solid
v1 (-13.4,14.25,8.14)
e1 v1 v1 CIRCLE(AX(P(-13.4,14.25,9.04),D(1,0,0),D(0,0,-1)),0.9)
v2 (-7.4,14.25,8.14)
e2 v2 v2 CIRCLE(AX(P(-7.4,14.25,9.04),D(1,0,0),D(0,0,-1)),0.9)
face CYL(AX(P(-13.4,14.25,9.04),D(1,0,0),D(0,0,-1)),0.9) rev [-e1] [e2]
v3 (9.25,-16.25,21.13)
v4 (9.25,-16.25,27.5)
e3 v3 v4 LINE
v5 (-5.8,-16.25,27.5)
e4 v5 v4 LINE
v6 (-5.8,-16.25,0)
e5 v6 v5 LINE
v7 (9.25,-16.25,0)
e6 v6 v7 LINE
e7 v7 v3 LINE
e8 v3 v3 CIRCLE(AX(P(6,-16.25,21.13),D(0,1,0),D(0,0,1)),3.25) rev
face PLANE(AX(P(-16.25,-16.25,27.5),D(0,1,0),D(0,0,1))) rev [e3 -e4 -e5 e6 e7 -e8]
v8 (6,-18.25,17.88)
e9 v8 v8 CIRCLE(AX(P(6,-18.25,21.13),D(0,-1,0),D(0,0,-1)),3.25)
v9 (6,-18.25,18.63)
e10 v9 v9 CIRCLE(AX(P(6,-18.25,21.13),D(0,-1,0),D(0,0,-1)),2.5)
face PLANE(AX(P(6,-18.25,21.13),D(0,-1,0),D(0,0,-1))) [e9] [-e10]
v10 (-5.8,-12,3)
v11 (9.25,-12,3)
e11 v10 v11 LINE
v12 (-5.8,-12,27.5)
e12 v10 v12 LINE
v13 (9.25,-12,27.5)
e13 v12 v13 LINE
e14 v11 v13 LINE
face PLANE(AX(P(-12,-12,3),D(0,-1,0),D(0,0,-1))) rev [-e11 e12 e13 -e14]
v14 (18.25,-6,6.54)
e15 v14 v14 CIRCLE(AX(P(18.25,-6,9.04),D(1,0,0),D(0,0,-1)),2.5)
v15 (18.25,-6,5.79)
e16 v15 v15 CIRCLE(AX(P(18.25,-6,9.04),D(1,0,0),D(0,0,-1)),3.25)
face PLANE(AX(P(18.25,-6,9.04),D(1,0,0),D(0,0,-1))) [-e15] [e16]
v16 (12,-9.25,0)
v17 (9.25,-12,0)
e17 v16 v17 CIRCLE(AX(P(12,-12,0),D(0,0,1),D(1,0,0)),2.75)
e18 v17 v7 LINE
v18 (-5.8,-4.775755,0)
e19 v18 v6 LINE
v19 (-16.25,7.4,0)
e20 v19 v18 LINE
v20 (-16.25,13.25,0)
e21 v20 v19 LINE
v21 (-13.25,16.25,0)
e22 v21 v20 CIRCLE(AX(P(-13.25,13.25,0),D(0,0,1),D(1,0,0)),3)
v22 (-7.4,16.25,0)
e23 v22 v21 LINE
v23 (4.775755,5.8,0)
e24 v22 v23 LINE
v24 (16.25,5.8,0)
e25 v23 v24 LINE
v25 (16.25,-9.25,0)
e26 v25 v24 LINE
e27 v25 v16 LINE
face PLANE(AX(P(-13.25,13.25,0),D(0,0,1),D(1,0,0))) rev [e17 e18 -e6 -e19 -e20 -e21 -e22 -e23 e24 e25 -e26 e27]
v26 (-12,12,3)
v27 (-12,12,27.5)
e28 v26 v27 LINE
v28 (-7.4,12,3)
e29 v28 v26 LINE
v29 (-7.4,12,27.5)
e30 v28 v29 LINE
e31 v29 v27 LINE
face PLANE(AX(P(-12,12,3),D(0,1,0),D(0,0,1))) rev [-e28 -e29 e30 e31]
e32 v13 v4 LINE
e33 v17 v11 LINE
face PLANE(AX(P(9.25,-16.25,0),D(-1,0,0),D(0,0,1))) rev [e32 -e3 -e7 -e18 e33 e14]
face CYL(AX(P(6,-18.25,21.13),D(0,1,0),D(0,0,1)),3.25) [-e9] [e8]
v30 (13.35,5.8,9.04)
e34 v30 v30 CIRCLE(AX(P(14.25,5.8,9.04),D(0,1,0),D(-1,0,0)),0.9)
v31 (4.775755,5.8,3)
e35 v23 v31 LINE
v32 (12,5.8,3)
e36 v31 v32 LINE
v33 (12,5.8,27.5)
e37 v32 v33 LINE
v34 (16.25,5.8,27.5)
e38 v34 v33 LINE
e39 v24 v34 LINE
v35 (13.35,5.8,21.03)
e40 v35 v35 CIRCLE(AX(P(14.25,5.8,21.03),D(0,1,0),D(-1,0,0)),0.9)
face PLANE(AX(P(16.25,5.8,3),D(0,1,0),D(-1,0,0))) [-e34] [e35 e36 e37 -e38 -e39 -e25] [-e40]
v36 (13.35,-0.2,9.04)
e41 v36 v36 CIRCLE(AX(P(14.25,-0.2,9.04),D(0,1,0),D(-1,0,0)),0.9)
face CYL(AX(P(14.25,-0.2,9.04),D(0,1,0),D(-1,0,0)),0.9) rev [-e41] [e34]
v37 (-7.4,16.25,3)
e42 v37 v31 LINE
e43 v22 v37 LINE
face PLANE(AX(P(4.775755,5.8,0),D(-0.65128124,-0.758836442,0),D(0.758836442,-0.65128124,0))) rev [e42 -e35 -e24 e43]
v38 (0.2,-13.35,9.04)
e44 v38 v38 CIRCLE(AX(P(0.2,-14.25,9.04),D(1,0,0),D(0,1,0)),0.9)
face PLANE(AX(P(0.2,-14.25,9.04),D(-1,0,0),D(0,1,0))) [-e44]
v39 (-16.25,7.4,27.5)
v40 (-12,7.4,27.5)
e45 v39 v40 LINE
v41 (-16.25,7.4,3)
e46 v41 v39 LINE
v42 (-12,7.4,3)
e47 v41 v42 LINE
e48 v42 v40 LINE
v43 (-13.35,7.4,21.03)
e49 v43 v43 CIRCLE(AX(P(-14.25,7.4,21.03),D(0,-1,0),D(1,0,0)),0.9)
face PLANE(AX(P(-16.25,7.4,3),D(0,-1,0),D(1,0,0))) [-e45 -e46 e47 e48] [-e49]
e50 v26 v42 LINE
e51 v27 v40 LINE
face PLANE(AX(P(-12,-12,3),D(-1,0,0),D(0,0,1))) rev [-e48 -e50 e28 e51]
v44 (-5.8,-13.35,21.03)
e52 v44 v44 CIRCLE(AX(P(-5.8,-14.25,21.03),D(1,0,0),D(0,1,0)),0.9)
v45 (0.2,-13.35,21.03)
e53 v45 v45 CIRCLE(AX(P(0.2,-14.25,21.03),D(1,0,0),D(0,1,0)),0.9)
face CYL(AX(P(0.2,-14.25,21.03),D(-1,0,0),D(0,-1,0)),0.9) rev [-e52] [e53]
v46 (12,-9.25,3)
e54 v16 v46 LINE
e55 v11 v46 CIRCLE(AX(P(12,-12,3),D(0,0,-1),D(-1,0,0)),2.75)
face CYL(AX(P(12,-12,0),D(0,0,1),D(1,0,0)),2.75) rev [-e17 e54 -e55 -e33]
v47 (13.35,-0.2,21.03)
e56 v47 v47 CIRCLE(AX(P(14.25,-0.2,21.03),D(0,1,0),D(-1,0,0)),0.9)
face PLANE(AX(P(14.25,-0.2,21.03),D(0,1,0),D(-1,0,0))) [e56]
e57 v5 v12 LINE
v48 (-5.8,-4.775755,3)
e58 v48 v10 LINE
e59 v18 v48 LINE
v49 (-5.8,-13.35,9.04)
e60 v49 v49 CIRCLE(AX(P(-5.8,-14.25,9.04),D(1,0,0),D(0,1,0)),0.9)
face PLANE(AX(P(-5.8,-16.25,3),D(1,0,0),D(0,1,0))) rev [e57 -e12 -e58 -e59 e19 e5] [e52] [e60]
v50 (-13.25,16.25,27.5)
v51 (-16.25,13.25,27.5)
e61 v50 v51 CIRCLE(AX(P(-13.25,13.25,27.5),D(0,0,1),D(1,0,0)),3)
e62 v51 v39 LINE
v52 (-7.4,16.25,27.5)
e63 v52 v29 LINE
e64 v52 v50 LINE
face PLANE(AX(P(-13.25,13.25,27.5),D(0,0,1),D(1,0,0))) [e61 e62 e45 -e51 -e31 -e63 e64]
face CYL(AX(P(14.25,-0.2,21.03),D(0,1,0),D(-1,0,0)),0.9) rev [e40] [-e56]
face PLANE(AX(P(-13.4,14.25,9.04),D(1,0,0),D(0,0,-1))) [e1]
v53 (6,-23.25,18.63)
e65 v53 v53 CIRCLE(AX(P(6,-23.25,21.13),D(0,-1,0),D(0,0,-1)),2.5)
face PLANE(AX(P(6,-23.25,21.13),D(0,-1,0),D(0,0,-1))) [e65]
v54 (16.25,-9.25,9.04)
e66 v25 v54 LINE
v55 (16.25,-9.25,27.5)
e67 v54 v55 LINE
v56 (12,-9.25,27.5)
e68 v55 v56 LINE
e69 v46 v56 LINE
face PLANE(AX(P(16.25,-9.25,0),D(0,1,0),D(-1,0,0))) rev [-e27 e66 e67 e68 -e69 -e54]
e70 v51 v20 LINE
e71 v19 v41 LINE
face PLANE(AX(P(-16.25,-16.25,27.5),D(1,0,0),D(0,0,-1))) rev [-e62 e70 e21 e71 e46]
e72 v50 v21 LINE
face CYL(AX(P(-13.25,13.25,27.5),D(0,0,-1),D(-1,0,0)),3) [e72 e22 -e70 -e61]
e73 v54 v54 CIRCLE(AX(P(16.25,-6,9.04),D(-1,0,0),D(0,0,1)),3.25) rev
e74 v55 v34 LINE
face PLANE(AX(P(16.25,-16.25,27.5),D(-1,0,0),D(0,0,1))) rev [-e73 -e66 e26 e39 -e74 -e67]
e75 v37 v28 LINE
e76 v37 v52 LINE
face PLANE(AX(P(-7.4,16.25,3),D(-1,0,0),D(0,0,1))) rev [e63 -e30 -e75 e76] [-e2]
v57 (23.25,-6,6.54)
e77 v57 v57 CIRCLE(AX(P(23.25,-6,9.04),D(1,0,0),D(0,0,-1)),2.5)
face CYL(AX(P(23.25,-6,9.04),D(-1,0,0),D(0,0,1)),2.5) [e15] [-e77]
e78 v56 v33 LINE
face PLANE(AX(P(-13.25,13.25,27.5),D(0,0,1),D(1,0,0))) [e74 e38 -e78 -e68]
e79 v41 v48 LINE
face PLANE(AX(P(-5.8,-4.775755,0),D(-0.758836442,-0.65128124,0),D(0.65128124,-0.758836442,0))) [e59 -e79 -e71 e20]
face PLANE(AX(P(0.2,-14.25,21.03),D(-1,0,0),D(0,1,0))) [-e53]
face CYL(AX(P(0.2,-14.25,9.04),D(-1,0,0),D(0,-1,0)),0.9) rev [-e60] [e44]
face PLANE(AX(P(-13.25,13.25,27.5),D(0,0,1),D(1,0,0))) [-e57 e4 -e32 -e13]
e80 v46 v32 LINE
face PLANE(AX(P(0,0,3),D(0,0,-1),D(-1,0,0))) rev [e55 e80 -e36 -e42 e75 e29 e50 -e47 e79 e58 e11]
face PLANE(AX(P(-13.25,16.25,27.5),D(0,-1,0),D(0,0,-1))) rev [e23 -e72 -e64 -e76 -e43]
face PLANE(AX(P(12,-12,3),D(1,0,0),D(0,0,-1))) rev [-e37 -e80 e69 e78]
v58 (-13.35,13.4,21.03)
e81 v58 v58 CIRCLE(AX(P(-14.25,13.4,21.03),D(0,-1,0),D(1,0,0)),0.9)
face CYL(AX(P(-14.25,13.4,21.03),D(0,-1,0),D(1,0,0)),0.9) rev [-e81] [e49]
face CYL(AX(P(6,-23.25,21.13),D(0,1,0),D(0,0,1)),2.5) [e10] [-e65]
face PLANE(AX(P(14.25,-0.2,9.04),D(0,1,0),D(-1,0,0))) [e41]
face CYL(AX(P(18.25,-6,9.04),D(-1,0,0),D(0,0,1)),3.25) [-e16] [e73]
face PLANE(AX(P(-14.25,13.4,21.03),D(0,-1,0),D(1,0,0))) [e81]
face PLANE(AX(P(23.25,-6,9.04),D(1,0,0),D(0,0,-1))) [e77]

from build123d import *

# Parameters (mm, degrees)
EXTRUDE_1_DEPTH      = 27.5
SKETCH_3_W           = 24
SKETCH_3_H           = 24
CUT_EXTRUDE_3_DEPTH  = 24.5
CUT_EXTRUDE_4_DEPTH  = 24.5
SKETCH_7_R           = 3.25
EXTRUDE_4_DEPTH      = 2
SKETCH_10_R          = 3.25
EXTRUDE_5_DEPTH      = 2
CUT_EXTRUDE_6_DEPTH  = 27.5
CUT_EXTRUDE_7_DEPTH  = 3
SKETCH_16_R          = 0.9
CUT_EXTRUDE_10_DEPTH = 6
SKETCH_20_R          = 2.5
EXTRUDE_6_DEPTH      = 5
SKETCH_19_R          = 2.5
EXTRUDE_7_DEPTH      = 5
SKETCH_17_R          = 0.9
CUT_EXTRUDE_11_DEPTH = 6
SKETCH_21_R          = 0.9
CUT_EXTRUDE_12_DEPTH = 6


with BuildPart() as part:
    # 草图1 → 凸台-拉伸1 (new body)
    with BuildSketch(Plane.XY):
        with BuildLine():
            Line((-16.25, -16.25), (16.25, -16.25))
            Line((16.25, -16.25), (16.25, 16.25))
            Line((16.25, 16.25), (-13.25, 16.25))
            ThreePointArc((-13.25, 16.25), (-15.371320344, 15.371320344), (-16.25, 13.25))
            Line((-16.25, 13.25), (-16.25, -16.25))
        make_face()
    extrude(amount=EXTRUDE_1_DEPTH)

    # 草图3 → 切除-拉伸3 (cut)
    with BuildSketch(Plane.XY.offset(27.5)):
        Rectangle(SKETCH_3_W, SKETCH_3_H)
    extrude(amount=-CUT_EXTRUDE_3_DEPTH, mode=Mode.SUBTRACT)

    # 草图4 → 切除-拉伸4 (cut)
    with BuildSketch(Plane.XY.offset(27.5)):
        Polygon((16.25, 16.25), (-7.4, 16.25), (-7.4, 12), (-0.175, 5.8), (16.25, 5.8), align=None)
    cut_extrude_4 = extrude(amount=-CUT_EXTRUDE_4_DEPTH, mode=Mode.SUBTRACT)

    # 镜向1: 切除-拉伸4 across plane
    add(cut_extrude_4.mirror(Plane(origin=(0, 0, 0), x_dir=(0, 0, 1), z_dir=(0.7071067811865477, 0.7071067811865475, 0))), mode=Mode.SUBTRACT)

    # 草图7 → 凸台-拉伸4 (add)
    with BuildSketch(Plane.XZ.offset(16.25)):
        with Locations(Location((6, 21.13, 0), (0, 0, 90))):
            Circle(SKETCH_7_R)
    extrude(amount=EXTRUDE_4_DEPTH)

    # 草图10 → 凸台-拉伸5 (add)
    with BuildSketch(Plane(origin=(16.25, 0, 0), x_dir=(0, 0, -1), z_dir=(1, 0, 0))):
        with Locations(Location((-9.04, -6, 0), (0, 0, 180))):
            Circle(SKETCH_10_R)
    extrude(amount=EXTRUDE_5_DEPTH)

    # 草图13 → 切除-拉伸6 (cut)
    with BuildSketch(Plane.XY.offset(27.5)):
        with BuildLine():
            Line((16.25, -16.25), (9.25, -16.25))
            Line((9.25, -16.25), (9.25, -12))
            ThreePointArc((9.25, -12), (10.055456352, -10.055456352), (12, -9.25))
            Line((12, -9.25), (16.25, -9.25))
            Line((16.25, -9.25), (16.25, -16.25))
        make_face()
    extrude(amount=-CUT_EXTRUDE_6_DEPTH, mode=Mode.SUBTRACT)

    # 草图14 → 切除-拉伸7 (cut)
    with BuildSketch(Plane.XY.offset(3)):
        Polygon((16.25, 5.8), (4.775755008, 5.8), (-7.4, 16.25), (16.25, 16.25), align=None)
    cut_extrude_7 = extrude(amount=-CUT_EXTRUDE_7_DEPTH, mode=Mode.SUBTRACT)

    # 镜向3: 切除-拉伸7 across plane
    add(cut_extrude_7.mirror(Plane(origin=(0, 0, 0), x_dir=(0, 0, 1), z_dir=(0.7071067811865477, 0.7071067811865475, 0))), mode=Mode.SUBTRACT)

    # 草图16 → 切除-拉伸10 (cut)
    with BuildSketch(Plane(origin=(0, 5.8, 0), x_dir=(1, 0, 0), z_dir=(0, 1, 0))):
        with Locations(Location((14.25, -9.04, 0), (0, 0, 180))):
            Circle(SKETCH_16_R)
        with Locations(Location((14.25, -21.03, 0), (0, 0, 180))):
            Circle(SKETCH_16_R)
    cut_extrude_10 = extrude(amount=-CUT_EXTRUDE_10_DEPTH, mode=Mode.SUBTRACT)

    # 镜向4: 切除-拉伸10 across plane
    add(cut_extrude_10.mirror(Plane(origin=(0, 0, 0), x_dir=(0, 0, 1), z_dir=(0.7071067811865477, 0.7071067811865475, 0))), mode=Mode.SUBTRACT)

    # 草图20 → 凸台-拉伸6 (add)
    with BuildSketch(Plane.XZ.offset(18.25)):
        with Locations(Location((6, 21.13, 0), (0, 0, 270))):
            Circle(SKETCH_20_R)
    extrude(amount=EXTRUDE_6_DEPTH)

    # 草图19 → 凸台-拉伸7 (add)
    with BuildSketch(Plane(origin=(18.25, 0, 0), x_dir=(0, 0, -1), z_dir=(1, 0, 0))):
        with Locations((-9.04, -6)):
            Circle(SKETCH_19_R)
    extrude(amount=EXTRUDE_7_DEPTH)

    # 草图17 → 切除-拉伸11 (cut)
    with BuildSketch(Plane(origin=(-7.4, 0, 0), x_dir=(0, 0, -1), z_dir=(1, 0, 0))):
        with Locations((-9.04, 14.25)):
            Circle(SKETCH_17_R)
    extrude(amount=-CUT_EXTRUDE_11_DEPTH, mode=Mode.SUBTRACT)

    # 草图21 → 切除-拉伸12 (cut)
    with BuildSketch(Plane(origin=(0, 7.4, 0), x_dir=(-1, 0, 0), z_dir=(0, -1, 0))):
        with Locations(Location((14.25, -21.03, 0), (0, 0, 180))):
            Circle(SKETCH_21_R)
    extrude(amount=-CUT_EXTRUDE_12_DEPTH, mode=Mode.SUBTRACT)


solid = part.part
